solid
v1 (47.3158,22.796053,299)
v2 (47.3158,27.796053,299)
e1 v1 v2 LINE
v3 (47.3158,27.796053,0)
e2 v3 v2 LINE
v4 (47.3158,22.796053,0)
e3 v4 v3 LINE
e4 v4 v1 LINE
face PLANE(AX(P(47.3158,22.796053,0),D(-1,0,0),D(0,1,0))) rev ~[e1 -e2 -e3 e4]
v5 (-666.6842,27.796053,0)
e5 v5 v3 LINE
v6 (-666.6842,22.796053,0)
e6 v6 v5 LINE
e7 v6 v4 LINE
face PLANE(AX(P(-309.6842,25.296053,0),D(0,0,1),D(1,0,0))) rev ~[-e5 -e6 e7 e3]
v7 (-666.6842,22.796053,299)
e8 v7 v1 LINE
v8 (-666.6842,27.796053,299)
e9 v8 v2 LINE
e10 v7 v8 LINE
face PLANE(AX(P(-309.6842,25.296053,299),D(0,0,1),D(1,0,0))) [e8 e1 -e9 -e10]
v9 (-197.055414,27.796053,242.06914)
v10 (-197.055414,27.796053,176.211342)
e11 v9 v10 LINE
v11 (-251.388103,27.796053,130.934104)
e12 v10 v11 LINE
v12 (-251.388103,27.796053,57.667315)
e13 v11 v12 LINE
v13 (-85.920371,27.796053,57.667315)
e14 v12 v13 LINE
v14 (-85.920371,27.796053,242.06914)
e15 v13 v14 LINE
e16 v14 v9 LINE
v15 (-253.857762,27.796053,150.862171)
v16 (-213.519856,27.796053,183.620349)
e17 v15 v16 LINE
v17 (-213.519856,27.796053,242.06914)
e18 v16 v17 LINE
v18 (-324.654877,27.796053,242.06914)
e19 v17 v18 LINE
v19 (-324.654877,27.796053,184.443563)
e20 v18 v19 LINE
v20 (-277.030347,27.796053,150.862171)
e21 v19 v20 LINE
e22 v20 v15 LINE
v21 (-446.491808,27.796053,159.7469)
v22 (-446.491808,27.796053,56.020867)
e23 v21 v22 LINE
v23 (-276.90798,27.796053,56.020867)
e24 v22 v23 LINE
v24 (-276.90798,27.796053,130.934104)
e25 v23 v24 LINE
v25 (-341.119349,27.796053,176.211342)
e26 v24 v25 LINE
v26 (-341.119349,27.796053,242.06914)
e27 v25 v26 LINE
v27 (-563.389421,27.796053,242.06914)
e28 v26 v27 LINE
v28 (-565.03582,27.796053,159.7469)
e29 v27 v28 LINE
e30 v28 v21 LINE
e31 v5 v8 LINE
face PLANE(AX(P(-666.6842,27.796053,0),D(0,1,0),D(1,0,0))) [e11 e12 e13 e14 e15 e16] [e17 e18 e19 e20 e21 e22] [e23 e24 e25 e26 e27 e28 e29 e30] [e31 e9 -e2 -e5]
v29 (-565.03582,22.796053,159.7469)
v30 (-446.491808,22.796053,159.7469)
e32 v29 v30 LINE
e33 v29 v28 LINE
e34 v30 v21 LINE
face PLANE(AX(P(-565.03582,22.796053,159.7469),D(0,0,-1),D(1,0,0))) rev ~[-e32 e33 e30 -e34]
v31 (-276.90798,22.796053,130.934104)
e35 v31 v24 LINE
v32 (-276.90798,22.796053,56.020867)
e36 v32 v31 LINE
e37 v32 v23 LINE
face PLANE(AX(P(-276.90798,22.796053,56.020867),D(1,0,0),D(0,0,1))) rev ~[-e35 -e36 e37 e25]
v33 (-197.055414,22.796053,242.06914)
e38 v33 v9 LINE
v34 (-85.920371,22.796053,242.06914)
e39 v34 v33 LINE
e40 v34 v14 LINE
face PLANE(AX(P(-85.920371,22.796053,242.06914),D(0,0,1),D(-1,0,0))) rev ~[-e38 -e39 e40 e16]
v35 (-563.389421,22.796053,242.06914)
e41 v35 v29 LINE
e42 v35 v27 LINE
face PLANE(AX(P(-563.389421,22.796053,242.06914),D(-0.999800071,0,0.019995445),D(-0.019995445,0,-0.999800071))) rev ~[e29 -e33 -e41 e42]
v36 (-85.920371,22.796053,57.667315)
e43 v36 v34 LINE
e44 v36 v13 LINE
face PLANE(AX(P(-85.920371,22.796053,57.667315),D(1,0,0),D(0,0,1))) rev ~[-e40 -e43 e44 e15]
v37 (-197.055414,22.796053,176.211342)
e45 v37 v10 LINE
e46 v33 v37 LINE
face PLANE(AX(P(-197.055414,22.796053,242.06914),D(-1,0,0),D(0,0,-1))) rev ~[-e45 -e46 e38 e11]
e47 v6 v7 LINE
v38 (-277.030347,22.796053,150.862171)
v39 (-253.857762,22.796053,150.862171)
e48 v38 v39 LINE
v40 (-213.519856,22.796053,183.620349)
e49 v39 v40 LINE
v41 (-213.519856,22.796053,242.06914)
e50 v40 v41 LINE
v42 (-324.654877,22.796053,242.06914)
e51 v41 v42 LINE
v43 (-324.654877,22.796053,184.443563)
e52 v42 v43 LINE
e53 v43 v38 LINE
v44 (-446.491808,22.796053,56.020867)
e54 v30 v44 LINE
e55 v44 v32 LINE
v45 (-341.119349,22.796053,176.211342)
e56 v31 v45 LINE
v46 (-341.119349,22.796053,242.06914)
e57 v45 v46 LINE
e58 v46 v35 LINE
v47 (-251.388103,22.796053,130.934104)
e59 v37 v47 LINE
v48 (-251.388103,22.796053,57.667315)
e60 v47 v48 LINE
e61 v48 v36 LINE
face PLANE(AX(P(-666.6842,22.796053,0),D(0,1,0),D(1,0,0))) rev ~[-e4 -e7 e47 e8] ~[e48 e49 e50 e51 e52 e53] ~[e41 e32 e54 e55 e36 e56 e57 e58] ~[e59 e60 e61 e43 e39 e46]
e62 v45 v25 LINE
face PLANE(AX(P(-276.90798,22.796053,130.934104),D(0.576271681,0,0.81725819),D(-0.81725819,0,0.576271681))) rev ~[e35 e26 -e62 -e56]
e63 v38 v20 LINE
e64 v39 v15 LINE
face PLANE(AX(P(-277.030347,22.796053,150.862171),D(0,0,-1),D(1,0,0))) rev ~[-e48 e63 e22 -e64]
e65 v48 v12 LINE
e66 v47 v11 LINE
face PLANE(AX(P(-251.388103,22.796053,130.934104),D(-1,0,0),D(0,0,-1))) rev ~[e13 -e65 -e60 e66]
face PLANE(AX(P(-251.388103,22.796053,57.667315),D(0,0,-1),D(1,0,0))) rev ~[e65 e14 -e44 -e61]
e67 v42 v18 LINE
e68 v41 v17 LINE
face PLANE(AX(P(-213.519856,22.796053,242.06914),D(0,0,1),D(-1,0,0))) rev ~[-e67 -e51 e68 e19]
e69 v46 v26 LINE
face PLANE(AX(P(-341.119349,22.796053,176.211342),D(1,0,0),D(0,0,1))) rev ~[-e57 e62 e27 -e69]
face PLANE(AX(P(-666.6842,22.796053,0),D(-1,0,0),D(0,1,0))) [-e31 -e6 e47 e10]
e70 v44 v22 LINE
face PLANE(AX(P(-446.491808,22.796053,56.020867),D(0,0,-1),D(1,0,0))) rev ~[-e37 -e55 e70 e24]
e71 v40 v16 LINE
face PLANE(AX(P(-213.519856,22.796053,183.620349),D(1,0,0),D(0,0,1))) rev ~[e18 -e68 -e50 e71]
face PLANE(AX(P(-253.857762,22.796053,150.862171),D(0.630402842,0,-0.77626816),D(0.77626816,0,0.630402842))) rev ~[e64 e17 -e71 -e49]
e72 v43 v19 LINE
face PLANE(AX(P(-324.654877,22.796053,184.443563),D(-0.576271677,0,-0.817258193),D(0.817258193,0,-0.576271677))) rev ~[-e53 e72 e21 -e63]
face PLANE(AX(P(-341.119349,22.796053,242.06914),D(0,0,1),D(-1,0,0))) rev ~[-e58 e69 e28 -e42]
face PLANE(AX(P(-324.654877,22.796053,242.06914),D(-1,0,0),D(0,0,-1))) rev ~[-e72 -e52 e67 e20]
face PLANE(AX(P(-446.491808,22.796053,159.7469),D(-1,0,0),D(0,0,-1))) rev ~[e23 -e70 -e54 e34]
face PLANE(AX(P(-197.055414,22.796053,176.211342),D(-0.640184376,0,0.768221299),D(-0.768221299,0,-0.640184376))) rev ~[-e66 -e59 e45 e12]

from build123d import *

# Parameters (mm, degrees)
F0_W     = 714
F0_H     = 5
F1_DEPTH = 299
F3_DEPTH = 5


with BuildPart() as f1:
    # F0 (on Top) → F1 (new body)
    with BuildSketch(Plane.XY):
        with Locations((-309.6842, 25.296053)):
            Rectangle(F0_W, F0_H)
    extrude(amount=F1_DEPTH)

    # F2 (on face) → F3 (cut)
    with BuildSketch(Plane.XZ.offset(-22.796053)):
        Polygon((-341.119349, 242.06914), (-563.389421, 242.06914), (-565.03582, 159.7469), (-446.491808, 159.7469), (-446.491808, 56.020867), (-276.90798, 56.020867), (-276.90798, 130.934104), (-341.119349, 176.211342), align=None)
        Polygon((-213.519856, 242.06914), (-324.654877, 242.06914), (-324.654877, 184.443563), (-277.030347, 150.862171), (-253.857762, 150.862171), (-213.519856, 183.620349), align=None)
        Polygon((-85.920371, 242.06914), (-197.055414, 242.06914), (-197.055414, 176.211342), (-251.388103, 130.934104), (-251.388103, 57.667315), (-85.920371, 57.667315), align=None)
    extrude(amount=-F3_DEPTH, mode=Mode.SUBTRACT)


solid = f1.part
